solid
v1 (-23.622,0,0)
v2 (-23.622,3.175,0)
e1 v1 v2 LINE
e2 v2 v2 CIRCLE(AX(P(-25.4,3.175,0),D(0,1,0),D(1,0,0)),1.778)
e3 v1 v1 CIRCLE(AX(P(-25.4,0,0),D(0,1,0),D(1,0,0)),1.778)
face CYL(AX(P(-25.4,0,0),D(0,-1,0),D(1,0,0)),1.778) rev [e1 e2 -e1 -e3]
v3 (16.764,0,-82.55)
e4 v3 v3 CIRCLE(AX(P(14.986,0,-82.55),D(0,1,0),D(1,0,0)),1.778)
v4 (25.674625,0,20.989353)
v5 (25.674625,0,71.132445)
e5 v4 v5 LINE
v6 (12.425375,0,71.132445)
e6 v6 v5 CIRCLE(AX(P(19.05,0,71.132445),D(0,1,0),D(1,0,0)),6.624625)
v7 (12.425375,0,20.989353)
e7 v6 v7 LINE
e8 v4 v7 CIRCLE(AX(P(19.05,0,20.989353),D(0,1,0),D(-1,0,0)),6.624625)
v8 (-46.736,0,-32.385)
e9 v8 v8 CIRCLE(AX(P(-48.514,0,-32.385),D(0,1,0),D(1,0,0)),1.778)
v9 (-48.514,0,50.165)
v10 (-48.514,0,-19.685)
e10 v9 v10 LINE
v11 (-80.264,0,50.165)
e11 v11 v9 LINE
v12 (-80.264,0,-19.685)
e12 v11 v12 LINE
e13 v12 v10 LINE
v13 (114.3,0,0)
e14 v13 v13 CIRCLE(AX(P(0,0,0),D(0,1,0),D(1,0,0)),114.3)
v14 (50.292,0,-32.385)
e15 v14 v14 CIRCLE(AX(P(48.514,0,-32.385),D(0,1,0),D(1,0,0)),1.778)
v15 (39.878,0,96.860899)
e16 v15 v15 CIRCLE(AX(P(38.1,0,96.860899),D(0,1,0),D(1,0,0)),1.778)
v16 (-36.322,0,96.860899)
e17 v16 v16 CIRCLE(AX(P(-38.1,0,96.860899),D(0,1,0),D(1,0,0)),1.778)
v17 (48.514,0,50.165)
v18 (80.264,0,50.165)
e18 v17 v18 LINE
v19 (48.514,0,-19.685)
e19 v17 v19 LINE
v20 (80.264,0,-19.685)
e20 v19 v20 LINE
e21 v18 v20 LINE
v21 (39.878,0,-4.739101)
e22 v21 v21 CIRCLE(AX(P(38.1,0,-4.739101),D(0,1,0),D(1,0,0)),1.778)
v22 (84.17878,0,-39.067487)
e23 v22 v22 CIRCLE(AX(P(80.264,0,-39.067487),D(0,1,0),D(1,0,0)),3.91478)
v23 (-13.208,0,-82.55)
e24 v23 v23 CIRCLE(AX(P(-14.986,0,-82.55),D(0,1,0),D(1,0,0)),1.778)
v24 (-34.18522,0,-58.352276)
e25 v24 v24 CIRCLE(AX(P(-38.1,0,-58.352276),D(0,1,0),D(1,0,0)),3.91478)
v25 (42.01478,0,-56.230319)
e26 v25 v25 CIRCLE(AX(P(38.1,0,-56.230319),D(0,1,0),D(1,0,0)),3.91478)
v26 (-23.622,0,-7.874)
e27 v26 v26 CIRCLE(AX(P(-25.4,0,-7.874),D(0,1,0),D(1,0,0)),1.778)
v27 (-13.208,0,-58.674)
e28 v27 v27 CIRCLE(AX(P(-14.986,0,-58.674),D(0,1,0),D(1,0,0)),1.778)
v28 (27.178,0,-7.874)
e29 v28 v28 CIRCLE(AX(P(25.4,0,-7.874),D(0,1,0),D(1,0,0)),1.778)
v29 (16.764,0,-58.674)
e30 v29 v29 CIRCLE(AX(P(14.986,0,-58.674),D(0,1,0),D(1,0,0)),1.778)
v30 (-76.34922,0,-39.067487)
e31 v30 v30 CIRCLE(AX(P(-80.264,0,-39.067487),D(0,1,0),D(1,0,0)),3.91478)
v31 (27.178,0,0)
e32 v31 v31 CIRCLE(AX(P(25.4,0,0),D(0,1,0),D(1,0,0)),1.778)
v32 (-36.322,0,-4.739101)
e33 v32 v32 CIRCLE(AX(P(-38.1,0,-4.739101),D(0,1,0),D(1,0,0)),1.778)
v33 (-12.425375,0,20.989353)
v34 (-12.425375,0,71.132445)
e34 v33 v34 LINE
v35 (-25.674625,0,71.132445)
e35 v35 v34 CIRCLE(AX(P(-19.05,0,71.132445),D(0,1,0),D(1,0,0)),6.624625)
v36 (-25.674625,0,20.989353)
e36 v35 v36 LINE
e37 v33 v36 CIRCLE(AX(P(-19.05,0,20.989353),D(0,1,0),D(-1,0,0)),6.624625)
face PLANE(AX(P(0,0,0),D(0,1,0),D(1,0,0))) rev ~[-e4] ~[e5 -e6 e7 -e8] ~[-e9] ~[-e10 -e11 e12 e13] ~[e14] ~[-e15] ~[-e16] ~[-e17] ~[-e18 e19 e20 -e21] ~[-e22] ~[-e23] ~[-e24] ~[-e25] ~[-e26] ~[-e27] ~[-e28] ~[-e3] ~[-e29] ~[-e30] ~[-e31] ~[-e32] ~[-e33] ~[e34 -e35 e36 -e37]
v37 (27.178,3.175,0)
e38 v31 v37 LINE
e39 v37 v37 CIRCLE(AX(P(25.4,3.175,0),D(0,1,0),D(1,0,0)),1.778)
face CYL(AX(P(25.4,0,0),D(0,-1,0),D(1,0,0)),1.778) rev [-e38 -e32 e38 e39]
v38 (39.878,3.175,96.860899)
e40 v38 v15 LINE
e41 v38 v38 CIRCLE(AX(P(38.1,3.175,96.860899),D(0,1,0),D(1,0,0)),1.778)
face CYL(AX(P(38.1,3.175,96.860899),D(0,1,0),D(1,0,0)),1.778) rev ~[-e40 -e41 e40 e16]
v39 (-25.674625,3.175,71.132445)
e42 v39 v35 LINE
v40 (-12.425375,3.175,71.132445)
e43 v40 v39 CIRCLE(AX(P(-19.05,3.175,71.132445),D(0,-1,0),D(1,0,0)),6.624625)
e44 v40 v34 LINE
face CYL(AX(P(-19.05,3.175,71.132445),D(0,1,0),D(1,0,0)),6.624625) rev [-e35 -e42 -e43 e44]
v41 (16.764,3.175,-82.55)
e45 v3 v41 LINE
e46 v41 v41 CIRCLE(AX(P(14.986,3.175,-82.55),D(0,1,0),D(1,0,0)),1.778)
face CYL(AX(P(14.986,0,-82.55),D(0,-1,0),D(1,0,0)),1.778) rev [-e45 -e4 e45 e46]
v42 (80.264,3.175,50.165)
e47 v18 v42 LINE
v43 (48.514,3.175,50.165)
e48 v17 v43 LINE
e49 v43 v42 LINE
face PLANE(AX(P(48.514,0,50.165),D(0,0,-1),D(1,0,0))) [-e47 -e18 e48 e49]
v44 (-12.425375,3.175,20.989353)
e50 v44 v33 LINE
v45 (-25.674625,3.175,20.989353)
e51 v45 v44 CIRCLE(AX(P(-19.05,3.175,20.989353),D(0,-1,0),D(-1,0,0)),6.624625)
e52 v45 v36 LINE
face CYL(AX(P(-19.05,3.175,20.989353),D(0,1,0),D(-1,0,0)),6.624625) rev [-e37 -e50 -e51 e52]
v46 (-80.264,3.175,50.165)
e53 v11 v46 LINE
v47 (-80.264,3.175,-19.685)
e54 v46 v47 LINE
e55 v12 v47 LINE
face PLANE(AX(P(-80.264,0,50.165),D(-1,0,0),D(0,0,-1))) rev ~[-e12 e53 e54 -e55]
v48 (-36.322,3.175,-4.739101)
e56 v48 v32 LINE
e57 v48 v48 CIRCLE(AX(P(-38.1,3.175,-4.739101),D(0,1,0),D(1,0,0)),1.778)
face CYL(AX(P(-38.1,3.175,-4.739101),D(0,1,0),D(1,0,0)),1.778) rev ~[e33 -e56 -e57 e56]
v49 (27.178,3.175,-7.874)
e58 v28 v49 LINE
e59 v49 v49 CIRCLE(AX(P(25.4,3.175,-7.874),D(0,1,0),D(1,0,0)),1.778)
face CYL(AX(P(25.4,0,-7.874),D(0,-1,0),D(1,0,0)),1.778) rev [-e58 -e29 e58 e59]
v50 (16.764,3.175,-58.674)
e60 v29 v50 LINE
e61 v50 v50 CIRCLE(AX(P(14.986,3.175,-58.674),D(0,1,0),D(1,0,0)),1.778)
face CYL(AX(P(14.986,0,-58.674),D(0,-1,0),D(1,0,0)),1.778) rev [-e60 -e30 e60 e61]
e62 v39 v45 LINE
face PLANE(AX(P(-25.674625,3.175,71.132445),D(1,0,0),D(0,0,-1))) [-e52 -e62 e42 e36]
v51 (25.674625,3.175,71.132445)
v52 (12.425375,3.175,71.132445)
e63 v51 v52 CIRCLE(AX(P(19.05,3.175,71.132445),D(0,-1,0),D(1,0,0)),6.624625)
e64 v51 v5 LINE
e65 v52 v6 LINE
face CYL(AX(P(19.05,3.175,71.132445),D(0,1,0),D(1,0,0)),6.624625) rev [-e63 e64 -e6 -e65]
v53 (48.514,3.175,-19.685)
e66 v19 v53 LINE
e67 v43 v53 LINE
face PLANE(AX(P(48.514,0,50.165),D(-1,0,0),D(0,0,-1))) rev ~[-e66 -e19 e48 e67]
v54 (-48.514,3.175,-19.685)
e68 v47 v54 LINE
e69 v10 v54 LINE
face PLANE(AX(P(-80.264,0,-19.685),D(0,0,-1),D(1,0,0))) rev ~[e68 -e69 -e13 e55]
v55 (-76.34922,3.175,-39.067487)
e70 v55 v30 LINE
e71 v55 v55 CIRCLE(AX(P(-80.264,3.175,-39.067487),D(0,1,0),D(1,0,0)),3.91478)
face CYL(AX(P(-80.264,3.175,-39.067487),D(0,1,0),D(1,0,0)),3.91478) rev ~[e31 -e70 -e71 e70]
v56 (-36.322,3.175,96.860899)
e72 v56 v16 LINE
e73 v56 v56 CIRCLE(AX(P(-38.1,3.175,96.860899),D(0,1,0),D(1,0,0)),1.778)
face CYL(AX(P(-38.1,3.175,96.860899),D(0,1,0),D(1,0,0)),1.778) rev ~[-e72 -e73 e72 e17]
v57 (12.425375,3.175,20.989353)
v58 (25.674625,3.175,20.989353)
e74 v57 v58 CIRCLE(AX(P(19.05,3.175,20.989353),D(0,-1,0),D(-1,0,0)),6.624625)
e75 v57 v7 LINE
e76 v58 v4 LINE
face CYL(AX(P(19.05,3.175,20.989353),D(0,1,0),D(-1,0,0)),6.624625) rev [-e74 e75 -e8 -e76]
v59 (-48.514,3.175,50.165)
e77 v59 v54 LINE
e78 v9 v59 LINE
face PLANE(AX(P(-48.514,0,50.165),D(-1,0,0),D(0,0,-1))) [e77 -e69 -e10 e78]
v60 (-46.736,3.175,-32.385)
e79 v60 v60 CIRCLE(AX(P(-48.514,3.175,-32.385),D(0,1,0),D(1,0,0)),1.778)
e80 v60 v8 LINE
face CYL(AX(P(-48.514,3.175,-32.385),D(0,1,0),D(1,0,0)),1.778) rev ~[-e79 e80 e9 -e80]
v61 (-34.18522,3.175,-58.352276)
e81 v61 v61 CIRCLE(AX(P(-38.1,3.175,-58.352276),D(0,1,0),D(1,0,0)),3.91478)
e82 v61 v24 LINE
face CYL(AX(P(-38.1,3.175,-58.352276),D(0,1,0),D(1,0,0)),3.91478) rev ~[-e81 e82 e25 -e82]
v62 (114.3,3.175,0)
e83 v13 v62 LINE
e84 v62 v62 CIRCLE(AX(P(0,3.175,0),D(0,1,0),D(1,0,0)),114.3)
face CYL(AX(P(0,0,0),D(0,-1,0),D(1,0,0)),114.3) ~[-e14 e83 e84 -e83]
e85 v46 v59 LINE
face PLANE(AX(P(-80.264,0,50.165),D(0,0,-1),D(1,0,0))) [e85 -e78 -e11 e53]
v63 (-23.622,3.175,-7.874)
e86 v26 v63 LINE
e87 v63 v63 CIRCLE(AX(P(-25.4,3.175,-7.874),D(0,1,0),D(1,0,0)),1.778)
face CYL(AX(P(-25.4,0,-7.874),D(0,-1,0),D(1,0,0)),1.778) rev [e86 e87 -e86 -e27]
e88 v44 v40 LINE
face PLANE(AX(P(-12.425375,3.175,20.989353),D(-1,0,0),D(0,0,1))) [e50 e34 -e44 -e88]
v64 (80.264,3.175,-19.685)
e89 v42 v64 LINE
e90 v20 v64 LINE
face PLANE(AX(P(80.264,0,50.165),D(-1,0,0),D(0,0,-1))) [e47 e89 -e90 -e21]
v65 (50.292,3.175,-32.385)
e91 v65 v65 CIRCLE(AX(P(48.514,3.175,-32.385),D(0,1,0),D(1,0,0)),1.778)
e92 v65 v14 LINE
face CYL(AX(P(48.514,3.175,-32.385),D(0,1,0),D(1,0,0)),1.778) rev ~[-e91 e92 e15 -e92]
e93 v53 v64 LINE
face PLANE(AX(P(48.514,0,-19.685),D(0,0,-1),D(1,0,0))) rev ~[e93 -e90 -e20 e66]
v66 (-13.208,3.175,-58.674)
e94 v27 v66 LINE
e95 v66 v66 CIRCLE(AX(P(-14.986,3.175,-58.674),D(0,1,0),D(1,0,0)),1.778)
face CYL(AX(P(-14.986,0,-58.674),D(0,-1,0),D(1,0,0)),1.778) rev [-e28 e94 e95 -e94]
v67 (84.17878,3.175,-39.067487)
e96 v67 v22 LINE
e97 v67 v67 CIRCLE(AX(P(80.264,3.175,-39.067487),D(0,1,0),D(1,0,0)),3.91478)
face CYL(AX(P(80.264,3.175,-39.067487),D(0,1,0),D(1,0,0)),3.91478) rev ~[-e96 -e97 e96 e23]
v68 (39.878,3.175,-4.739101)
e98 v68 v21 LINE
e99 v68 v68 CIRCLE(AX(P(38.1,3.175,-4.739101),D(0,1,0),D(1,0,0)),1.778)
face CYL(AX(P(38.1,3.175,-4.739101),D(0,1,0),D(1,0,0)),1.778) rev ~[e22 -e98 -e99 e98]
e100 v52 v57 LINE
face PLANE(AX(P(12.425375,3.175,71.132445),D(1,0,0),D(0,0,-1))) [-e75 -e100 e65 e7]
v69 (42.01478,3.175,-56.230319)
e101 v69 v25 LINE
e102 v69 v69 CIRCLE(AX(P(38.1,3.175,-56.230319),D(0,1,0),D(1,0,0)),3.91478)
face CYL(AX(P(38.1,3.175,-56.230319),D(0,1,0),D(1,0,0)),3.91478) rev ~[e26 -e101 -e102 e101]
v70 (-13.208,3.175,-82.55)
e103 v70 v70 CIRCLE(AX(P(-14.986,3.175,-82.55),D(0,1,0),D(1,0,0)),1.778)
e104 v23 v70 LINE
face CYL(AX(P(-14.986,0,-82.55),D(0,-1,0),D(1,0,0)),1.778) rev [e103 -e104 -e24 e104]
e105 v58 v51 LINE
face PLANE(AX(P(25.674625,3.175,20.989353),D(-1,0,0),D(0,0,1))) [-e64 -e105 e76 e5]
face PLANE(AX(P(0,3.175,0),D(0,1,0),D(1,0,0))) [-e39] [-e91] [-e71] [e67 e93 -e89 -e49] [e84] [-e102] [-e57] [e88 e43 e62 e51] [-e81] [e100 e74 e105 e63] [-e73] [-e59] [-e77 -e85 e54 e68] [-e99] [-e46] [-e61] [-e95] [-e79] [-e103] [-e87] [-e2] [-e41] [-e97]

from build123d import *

# Parameters (mm, degrees)
SKETCH1_R           = 114.3
SKETCH1_R_2         = 1.778
SKETCH1_W           = 31.75
SKETCH1_H           = 69.85
BOSS_EXTRUDE1_DEPTH = 3.175
SKETCH2_R           = 1.778
SKETCH2_R_2         = 3.914780109
CUT_EXTRUDE1_DEPTH  = 25.4


with BuildPart() as part:
    # Sketch1 → Boss-Extrude1 (new body)
    with BuildSketch(Plane(origin=(0, 0, 0), x_dir=(1, 0, 0), z_dir=(0, 1, 0))):
        Circle(SKETCH1_R)
        with Locations((-14.986, 82.55)):
            Circle(SKETCH1_R_2, mode=Mode.SUBTRACT)
        with Locations((14.986, 82.55)):
            Circle(SKETCH1_R_2, mode=Mode.SUBTRACT)
        with Locations((-14.986, 58.674)):
            Circle(SKETCH1_R_2, mode=Mode.SUBTRACT)
        with Locations((14.986, 58.674)):
            Circle(SKETCH1_R_2, mode=Mode.SUBTRACT)
        with Locations((25.4, 7.874)):
            Circle(SKETCH1_R_2, mode=Mode.SUBTRACT)
        with Locations((25.4, 0)):
            Circle(SKETCH1_R_2, mode=Mode.SUBTRACT)
        with Locations((-25.4, 7.874)):
            Circle(SKETCH1_R_2, mode=Mode.SUBTRACT)
        with Locations((-25.4, 0)):
            Circle(SKETCH1_R_2, mode=Mode.SUBTRACT)
        with Locations((64.389, -15.24)):
            Rectangle(SKETCH1_W, SKETCH1_H, mode=Mode.SUBTRACT)
        with Locations((-64.389, -15.24)):
            Rectangle(SKETCH1_W, SKETCH1_H, mode=Mode.SUBTRACT)
    extrude(amount=BOSS_EXTRUDE1_DEPTH)

    # Sketch2 → Cut-Extrude1 (cut)
    with BuildSketch(Plane(origin=(0, 3.175, 0), x_dir=(1, 0, 0), z_dir=(0, 1, 0))):
        with Locations((-48.514, 32.385)):
            Circle(SKETCH2_R)
        with Locations((48.514, 32.385)):
            Circle(SKETCH2_R)
        with Locations((38.1, 4.739101121)):
            Circle(SKETCH2_R)
        with Locations((-38.1, 4.739101121)):
            Circle(SKETCH2_R)
        with Locations((-38.1, -96.860898879)):
            Circle(SKETCH2_R)
        with Locations((38.1, -96.860898879)):
            Circle(SKETCH2_R)
        with Locations((-38.1, 58.35227567)):
            Circle(SKETCH2_R_2)
        with Locations((38.1, 56.230319403)):
            Circle(SKETCH2_R_2)
        with Locations((80.264, 39.067487207)):
            Circle(SKETCH2_R_2)
        with Locations((-80.264, 39.067487207)):
            Circle(SKETCH2_R_2)
        with BuildLine():
            Line((-25.674625229, -71.132444692), (-25.674625229, -20.989353066))
            ThreePointArc((-25.674625229, -20.989353066), (-19.05, -14.364727837), (-12.425374771, -20.989353066))
            Line((-12.425374771, -20.989353066), (-12.425374771, -71.132444692))
            ThreePointArc((-12.425374771, -71.132444692), (-19.05, -77.757069921), (-25.674625229, -71.132444692))
        make_face()
        with BuildLine():
            Line((12.425374771, -71.132444692), (12.425374771, -20.989353066))
            ThreePointArc((12.425374771, -20.989353066), (19.05, -14.364727837), (25.674625229, -20.989353066))
            Line((25.674625229, -20.989353066), (25.674625229, -71.132444692))
            ThreePointArc((25.674625229, -71.132444692), (19.05, -77.757069921), (12.425374771, -71.132444692))
        make_face()
    extrude(amount=-CUT_EXTRUDE1_DEPTH, mode=Mode.SUBTRACT)


solid = part.part
